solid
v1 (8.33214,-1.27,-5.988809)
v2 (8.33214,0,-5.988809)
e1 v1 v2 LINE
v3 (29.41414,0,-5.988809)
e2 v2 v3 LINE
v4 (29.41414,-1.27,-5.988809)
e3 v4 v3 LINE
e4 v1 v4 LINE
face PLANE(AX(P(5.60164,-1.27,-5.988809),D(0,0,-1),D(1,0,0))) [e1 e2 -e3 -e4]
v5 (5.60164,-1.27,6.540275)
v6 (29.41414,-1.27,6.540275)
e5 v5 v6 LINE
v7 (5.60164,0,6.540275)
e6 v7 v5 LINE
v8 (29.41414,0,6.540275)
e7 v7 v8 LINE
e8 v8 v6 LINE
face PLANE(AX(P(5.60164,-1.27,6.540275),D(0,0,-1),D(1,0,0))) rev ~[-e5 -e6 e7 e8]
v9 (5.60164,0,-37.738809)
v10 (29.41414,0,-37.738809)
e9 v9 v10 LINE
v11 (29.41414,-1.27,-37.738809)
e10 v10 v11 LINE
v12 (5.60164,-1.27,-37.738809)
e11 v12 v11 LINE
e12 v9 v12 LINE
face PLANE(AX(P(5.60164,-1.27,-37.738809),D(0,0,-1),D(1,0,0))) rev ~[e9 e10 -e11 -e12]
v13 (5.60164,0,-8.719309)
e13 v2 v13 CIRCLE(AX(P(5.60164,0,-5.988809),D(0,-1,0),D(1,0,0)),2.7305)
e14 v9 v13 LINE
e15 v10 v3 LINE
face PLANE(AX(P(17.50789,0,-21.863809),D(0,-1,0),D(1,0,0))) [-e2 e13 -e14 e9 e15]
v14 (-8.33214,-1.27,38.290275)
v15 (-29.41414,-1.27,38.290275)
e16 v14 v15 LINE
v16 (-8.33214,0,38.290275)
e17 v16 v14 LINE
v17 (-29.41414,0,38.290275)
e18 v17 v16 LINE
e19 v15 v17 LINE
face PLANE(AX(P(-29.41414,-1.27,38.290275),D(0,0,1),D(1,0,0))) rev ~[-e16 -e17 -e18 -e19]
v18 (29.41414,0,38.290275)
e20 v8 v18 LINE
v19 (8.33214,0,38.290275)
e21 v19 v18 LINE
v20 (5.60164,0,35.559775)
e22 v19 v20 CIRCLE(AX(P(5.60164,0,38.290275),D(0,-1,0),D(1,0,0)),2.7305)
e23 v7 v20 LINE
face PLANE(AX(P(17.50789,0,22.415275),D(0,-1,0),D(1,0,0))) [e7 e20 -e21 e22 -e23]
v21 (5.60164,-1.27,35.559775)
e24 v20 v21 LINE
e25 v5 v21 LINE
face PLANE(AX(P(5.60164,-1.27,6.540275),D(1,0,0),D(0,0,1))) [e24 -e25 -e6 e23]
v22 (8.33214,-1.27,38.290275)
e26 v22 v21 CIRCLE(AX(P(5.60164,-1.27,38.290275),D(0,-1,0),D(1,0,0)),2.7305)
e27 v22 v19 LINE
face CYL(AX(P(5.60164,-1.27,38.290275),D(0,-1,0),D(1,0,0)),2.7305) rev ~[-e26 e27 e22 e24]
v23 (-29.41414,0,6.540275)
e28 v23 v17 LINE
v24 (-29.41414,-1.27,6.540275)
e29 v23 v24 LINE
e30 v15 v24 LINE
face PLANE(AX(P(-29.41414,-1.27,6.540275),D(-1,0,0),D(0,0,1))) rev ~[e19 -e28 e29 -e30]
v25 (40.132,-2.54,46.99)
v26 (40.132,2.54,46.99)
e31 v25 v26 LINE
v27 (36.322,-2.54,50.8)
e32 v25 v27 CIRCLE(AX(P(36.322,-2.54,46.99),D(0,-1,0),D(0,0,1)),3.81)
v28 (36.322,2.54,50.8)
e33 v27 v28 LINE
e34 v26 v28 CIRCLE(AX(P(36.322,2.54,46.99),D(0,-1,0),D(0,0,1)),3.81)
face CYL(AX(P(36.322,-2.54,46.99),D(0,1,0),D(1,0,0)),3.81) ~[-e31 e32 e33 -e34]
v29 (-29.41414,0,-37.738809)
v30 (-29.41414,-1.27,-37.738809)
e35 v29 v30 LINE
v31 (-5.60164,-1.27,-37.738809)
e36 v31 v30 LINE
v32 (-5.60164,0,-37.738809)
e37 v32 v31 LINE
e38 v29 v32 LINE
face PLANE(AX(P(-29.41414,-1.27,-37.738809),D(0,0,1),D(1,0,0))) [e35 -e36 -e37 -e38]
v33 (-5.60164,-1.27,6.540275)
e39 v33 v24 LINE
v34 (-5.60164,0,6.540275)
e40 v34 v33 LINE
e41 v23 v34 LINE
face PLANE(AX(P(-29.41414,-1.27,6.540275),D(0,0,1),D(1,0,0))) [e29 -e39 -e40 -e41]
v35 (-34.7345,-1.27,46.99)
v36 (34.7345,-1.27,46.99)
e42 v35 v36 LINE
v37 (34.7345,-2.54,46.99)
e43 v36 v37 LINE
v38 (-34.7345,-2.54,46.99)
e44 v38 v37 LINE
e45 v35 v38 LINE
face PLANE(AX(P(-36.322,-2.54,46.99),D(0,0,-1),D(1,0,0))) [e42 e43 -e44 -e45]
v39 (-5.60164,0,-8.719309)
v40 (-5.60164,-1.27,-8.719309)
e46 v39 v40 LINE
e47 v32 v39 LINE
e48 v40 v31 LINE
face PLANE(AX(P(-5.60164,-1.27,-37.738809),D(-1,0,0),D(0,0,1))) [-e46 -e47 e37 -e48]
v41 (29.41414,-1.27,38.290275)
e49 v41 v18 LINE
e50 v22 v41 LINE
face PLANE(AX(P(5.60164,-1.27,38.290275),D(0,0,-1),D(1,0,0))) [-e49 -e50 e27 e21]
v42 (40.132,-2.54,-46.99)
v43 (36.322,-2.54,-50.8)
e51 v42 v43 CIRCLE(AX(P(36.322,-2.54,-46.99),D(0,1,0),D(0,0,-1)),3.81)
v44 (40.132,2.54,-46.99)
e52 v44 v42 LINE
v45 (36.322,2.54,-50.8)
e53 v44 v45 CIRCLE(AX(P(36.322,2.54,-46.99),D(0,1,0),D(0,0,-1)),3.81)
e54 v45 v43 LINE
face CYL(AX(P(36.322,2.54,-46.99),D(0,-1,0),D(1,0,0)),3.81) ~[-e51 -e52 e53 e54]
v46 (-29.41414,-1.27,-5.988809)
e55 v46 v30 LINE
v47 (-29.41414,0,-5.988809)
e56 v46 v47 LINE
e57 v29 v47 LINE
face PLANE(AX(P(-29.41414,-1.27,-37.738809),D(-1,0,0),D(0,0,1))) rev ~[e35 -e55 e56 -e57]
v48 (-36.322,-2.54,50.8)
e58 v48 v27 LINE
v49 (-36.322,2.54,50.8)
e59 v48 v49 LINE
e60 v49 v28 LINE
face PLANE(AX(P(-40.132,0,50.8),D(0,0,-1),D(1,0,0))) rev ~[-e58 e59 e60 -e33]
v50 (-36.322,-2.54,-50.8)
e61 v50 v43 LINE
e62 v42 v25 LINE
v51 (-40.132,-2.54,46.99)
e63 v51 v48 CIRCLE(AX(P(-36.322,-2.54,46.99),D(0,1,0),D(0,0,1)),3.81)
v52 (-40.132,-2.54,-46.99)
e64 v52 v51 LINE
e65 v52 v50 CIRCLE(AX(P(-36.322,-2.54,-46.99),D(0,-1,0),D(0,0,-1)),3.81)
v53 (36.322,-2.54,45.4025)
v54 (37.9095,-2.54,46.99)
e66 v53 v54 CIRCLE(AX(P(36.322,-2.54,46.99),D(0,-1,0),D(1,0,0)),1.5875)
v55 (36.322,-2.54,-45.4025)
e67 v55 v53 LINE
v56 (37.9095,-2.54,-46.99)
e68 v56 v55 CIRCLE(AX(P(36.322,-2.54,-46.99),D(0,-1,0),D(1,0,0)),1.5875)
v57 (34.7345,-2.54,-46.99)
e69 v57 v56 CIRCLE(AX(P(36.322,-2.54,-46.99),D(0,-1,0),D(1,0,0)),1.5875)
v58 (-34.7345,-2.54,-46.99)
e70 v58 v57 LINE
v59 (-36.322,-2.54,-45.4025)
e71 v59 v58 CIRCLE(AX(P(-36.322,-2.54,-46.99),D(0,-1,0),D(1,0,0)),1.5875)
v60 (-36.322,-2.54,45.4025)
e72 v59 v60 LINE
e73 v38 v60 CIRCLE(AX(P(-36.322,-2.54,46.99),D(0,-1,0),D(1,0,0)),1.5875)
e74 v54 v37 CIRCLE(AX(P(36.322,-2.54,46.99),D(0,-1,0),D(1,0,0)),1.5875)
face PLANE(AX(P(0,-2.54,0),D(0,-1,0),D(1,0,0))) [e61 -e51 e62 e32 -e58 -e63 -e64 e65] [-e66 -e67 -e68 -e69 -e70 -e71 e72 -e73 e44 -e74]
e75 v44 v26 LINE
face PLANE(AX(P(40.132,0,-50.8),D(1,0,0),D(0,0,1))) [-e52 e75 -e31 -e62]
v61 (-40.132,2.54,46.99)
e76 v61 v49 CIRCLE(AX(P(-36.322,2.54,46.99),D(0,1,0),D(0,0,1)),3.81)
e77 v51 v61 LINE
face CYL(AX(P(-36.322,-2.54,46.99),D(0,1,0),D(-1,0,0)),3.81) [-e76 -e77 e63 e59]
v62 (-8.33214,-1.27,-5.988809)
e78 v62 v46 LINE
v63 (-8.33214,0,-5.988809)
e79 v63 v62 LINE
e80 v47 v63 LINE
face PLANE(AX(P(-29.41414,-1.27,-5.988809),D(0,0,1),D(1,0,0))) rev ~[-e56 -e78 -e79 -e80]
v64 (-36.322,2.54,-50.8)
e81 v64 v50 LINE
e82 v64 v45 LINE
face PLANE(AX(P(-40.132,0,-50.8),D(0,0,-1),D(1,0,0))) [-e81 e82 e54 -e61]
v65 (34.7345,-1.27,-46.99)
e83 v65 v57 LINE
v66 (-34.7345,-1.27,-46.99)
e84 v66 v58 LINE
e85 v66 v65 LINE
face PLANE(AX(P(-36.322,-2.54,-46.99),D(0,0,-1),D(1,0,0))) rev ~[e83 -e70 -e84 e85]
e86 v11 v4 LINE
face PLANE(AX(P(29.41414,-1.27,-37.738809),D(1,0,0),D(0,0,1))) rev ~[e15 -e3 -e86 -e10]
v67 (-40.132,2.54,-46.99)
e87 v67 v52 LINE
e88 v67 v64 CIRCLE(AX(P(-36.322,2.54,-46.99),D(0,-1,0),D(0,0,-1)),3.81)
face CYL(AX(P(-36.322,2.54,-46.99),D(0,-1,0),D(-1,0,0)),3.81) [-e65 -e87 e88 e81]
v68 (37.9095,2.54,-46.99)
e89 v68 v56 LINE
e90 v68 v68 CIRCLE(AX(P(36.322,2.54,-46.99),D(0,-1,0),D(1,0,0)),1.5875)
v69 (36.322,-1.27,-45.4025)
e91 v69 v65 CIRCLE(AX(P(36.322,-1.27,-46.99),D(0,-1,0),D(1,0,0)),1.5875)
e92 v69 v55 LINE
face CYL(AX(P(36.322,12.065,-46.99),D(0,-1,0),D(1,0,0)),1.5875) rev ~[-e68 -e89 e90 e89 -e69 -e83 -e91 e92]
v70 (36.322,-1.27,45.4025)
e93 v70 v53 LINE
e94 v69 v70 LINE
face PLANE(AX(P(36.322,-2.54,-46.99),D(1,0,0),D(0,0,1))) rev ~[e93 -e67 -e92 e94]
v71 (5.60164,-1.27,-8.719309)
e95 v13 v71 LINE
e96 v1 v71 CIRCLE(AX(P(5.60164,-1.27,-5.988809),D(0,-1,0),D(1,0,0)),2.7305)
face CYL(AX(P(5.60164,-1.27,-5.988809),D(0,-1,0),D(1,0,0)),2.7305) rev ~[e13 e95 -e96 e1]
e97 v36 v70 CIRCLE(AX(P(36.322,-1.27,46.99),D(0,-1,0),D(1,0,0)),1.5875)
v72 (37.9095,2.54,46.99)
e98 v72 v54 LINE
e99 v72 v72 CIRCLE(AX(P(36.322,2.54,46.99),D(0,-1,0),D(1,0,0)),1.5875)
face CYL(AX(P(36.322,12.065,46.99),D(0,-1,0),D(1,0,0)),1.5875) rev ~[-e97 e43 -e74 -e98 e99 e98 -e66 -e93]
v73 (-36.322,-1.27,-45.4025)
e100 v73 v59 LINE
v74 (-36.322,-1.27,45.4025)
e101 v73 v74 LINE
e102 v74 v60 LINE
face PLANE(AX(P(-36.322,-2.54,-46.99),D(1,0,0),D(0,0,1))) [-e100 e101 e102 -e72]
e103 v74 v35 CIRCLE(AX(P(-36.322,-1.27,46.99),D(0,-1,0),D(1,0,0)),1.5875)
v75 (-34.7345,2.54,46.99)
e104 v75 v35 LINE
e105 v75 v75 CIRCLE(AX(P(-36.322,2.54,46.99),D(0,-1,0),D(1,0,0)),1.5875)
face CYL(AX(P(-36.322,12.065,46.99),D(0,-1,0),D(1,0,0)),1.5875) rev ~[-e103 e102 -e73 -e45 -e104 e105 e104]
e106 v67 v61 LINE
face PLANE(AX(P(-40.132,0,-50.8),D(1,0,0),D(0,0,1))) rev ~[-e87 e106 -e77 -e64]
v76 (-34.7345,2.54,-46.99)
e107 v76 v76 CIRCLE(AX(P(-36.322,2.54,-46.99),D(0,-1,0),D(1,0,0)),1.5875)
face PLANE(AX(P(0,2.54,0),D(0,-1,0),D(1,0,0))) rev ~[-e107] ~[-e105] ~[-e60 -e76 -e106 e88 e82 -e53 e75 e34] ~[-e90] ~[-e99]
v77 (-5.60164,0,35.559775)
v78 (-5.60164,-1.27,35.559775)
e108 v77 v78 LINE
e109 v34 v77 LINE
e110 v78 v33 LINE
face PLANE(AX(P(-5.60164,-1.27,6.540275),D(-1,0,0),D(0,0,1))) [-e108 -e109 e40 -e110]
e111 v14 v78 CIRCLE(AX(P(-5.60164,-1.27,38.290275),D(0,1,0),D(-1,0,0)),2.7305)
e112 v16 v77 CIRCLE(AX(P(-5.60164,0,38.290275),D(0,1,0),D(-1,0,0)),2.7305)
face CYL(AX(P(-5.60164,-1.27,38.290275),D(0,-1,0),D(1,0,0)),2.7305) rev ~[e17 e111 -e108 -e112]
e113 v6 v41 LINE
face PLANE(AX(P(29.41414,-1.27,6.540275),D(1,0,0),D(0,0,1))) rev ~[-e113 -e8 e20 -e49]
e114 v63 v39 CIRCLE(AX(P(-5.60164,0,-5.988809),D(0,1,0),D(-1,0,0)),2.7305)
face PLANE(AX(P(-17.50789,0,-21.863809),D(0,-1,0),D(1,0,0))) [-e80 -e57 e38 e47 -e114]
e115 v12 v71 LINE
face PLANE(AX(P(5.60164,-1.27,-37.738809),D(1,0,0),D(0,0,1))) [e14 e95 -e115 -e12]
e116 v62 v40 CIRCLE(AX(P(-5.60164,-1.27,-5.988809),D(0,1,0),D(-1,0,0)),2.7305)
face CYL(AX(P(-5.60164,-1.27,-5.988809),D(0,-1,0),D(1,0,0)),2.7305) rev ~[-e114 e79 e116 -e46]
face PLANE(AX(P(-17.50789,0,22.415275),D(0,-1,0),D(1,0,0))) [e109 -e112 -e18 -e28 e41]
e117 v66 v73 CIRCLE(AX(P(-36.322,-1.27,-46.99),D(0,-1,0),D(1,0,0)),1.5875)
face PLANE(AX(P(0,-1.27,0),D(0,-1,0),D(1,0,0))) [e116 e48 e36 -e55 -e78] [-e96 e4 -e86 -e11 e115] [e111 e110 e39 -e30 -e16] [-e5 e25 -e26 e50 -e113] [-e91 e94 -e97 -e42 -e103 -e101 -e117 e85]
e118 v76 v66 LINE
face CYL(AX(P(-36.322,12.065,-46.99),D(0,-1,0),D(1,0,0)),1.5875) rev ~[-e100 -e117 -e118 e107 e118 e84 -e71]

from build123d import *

# Parameters (mm, degrees)
F0_W      = 80.264
F0_H      = 101.6
F1_DEPTH  = 2.54
F2_R      = 3.81
F3_W      = 72.644
F3_H      = 93.98
F4_DEPTH  = 1.27
F5_W      = 23.8125
F5_H      = 31.75
F6_DEPTH  = 1.27
F7_W      = 23.8125
F7_H      = 31.75
F8_DEPTH  = 1.27
F9_R      = 2.7305
F10_DEPTH = 1.27
F12_D     = 3.175
F12_DEPTH = 9.525
F12_TIP   = 0.9538662327


with BuildPart() as f1:
    # F0 (on Front) → F1 (new body, symmetric)
    with BuildSketch(Plane.XZ):
        Rectangle(F0_W, F0_H)
    extrude(amount=F1_DEPTH, both=True)

    # F2
    f2_edges = [f1.edges().sort_by_distance(p)[0] for p in [
        (-40.132, 0, 50.8),
        (40.132, 0, 50.8),
        (40.132, 0, -50.8),
        (-40.132, 0, -50.8),
    ]]
    fillet(f2_edges, radius=F2_R)

    # F3 (on face) → F4 (cut)
    with BuildSketch(Plane.XZ.offset(2.54)):
        Rectangle(F3_W, F3_H)
    extrude(amount=-F4_DEPTH, mode=Mode.SUBTRACT)

    # F5 (on face) → F6 (cut, symmetric)
    with BuildSketch(Plane.XZ.offset(1.27)):
        with Locations((-17.5078902394, 22.415274836)):
            Rectangle(F5_W, F5_H)
        with Locations((17.5078902394, 22.415274836)):
            Rectangle(F5_W, F5_H)
    extrude(amount=F6_DEPTH, both=True, mode=Mode.SUBTRACT)

    # F7 (on face) → F8 (cut, symmetric)
    with BuildSketch(Plane.XZ.offset(1.27)):
        with Locations((-17.5078902394, -21.8638093457)):
            Rectangle(F7_W, F7_H)
        with Locations((17.5078902394, -21.8638093457)):
            Rectangle(F7_W, F7_H)
    extrude(amount=F8_DEPTH, both=True, mode=Mode.SUBTRACT)

    # F9 (on face) → F10 (cut)
    with BuildSketch(Plane.XZ.offset(1.27)):
        with Locations((-5.6016402394, 38.290274836)):
            Circle(F9_R)
        with Locations((-5.6016402394, -5.9888093457)):
            Circle(F9_R)
        with Locations((5.6016402394, 38.290274836)):
            Circle(F9_R)
        with Locations((5.6016402394, -5.9888093457)):
            Circle(F9_R)
    extrude(amount=-F10_DEPTH, mode=Mode.SUBTRACT)

    # F12
    with Locations(Plane(origin=(0, 2.54, 0), x_dir=(-1, 0, 0), z_dir=(0, 1, 0))):
        with Locations((-36.322, 46.99), (36.322, 46.99), (36.322, -46.99), (-36.322, -46.99)):
            Hole(F12_D / 2, depth=F12_DEPTH)
            with Locations((0, 0, -(F12_DEPTH + F12_TIP / 2))):  # 118° drill point
                Cone(0, F12_D / 2, F12_TIP, mode=Mode.SUBTRACT)


solid = f1.part
